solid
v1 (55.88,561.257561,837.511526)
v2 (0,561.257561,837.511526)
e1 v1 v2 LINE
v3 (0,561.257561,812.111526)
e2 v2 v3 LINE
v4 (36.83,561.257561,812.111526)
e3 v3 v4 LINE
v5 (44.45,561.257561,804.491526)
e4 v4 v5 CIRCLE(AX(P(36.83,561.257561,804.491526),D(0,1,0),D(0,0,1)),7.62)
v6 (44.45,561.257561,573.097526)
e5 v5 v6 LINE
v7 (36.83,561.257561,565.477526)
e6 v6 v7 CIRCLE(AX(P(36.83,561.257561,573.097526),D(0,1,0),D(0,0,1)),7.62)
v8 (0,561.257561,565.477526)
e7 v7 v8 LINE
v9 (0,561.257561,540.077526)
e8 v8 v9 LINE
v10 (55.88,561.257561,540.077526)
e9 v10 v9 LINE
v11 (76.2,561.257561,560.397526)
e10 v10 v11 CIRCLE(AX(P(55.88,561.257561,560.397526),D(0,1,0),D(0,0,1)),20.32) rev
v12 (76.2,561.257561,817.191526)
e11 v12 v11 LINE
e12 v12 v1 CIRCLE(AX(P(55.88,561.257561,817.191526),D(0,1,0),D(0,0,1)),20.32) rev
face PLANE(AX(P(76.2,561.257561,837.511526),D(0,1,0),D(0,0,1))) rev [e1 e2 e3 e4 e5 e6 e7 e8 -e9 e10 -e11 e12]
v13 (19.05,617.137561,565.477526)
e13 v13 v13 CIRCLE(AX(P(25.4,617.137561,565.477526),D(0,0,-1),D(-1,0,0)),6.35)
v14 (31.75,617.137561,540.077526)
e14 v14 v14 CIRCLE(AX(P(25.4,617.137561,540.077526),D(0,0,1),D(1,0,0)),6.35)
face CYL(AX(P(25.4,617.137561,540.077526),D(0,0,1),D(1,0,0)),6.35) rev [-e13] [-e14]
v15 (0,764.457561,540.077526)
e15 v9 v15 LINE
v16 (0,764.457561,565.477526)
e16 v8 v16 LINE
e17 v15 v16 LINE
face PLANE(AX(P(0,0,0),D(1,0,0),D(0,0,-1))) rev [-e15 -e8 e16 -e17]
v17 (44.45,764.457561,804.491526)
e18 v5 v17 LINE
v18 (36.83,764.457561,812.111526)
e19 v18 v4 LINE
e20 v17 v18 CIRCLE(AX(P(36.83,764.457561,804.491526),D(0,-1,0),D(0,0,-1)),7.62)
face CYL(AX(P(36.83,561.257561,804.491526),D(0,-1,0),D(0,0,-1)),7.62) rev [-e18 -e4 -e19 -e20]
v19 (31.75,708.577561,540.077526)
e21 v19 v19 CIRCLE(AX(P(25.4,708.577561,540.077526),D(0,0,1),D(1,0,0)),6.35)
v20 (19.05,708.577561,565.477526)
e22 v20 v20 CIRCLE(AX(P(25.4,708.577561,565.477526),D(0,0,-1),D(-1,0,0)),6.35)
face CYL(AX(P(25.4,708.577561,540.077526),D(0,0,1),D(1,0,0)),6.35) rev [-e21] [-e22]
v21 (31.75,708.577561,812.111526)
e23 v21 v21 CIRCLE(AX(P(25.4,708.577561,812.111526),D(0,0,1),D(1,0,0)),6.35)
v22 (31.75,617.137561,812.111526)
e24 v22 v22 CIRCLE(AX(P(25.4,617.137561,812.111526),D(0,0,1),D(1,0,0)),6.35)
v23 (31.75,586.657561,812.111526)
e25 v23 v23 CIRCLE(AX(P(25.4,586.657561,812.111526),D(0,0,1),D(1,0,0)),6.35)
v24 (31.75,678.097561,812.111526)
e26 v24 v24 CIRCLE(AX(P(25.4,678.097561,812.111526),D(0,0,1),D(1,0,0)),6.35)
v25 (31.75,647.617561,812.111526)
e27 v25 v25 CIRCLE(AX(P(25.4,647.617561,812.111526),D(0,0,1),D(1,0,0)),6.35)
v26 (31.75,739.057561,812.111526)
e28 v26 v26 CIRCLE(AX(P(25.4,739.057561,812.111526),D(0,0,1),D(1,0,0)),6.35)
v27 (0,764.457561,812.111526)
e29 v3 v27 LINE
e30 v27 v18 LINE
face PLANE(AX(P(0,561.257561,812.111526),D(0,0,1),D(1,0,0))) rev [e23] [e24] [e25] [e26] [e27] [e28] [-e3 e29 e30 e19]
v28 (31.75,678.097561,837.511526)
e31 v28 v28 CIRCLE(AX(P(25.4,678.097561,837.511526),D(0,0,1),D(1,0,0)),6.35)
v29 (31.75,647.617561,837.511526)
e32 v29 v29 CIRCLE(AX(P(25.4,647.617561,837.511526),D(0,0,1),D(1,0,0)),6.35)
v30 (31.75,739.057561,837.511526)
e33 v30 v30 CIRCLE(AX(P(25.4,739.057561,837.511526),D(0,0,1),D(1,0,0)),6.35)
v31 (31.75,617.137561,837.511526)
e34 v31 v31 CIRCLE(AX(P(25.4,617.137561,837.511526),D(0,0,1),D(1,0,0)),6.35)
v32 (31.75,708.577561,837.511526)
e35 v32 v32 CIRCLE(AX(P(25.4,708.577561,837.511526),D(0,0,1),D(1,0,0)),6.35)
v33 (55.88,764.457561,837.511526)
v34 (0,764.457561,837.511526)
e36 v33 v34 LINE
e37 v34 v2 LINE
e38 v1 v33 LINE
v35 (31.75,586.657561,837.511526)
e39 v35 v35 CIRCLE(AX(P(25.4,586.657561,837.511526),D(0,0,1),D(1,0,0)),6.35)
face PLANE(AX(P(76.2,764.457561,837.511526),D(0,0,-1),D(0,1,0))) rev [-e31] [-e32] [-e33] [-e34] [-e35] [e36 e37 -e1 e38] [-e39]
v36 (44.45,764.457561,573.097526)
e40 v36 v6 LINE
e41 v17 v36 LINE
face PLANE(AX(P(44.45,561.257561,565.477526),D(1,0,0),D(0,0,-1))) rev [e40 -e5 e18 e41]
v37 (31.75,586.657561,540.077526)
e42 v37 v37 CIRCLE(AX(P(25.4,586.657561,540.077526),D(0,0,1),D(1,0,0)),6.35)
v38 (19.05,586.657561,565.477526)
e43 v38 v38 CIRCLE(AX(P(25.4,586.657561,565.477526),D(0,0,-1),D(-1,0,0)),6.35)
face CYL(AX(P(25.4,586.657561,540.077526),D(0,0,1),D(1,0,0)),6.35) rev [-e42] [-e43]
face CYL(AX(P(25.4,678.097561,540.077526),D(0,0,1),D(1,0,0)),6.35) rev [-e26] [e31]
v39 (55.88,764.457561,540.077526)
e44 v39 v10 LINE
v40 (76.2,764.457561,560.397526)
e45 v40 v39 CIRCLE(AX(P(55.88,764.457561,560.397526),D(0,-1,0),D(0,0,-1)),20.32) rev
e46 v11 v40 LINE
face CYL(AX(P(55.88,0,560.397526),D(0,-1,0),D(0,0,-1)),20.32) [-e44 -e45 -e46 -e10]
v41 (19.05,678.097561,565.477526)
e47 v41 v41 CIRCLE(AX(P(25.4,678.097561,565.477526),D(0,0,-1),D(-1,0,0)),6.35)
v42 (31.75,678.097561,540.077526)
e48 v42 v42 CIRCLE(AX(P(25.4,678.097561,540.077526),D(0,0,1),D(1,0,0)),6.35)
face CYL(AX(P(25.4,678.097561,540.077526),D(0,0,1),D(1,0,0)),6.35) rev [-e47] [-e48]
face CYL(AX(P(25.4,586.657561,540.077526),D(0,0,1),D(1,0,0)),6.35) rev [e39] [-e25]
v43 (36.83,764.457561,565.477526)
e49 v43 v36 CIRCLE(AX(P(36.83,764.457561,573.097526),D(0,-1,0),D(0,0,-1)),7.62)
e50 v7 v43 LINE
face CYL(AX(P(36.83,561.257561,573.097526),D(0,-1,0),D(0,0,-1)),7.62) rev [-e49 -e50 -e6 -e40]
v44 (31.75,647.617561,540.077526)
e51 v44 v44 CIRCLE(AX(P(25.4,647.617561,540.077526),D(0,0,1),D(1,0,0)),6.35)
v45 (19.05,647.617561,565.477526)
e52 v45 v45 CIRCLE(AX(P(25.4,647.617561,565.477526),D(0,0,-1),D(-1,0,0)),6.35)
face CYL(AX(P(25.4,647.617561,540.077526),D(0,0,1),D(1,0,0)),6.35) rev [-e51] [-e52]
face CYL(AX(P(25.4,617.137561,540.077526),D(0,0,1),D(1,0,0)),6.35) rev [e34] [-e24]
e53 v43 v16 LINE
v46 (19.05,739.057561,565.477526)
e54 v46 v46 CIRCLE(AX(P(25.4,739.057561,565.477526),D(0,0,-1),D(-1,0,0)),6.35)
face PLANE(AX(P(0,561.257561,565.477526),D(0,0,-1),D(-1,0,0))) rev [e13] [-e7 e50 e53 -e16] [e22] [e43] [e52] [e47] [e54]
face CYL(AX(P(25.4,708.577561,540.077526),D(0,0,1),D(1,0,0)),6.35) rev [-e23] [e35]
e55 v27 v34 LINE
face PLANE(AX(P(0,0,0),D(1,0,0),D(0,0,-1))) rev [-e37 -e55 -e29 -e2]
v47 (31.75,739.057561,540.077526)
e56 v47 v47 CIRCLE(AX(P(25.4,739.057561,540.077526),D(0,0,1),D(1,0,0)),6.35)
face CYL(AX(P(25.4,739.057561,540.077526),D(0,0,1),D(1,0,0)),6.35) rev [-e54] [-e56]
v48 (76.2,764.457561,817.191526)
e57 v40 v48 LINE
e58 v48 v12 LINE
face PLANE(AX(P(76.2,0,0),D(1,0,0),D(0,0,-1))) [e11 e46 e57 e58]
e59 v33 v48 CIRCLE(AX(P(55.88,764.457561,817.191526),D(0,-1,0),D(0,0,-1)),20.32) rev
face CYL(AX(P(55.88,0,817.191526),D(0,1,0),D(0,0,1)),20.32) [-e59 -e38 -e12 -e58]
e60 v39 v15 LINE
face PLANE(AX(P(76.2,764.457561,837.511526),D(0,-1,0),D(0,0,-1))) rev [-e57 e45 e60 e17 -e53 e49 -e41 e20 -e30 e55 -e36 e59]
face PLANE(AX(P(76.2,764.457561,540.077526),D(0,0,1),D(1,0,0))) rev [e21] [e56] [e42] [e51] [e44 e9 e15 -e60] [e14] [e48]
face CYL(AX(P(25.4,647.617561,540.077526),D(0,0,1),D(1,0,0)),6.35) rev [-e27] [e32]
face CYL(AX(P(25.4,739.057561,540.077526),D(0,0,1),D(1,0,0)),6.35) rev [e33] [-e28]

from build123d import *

# Parameters (mm, degrees)
SKETCH1_W           = 297.434
SKETCH1_H           = 203.2
BOSS_EXTRUDE1_DEPTH = 76.2
SKETCH3_W           = 44.45
SKETCH3_H           = 246.634
CUT_EXTRUDE1_DEPTH  = 204.2
SKETCH4_R           = 6.35
CUT_EXTRUDE2_DEPTH  = 298.434
FILLET1_R           = 20.32
FILLET2_R           = 7.62


with BuildPart() as part:
    # Sketch1 → Boss-Extrude1 (new body)
    with BuildSketch(Plane(origin=(0, 0, 0), x_dir=(0, 0, -1), z_dir=(1, 0, 0))):
        with Locations((-688.794526316, 662.857561404)):
            Rectangle(SKETCH1_W, SKETCH1_H)
    extrude(amount=BOSS_EXTRUDE1_DEPTH)

    # Sketch3 → Cut-Extrude1 (cut, through all)
    with BuildSketch(Plane(origin=(0, 764.457561404, 0), x_dir=(1, 0, 0), z_dir=(0, 1, 0))):
        with Locations((22.225, -688.794526316)):
            Rectangle(SKETCH3_W, SKETCH3_H)
    extrude(amount=-CUT_EXTRUDE1_DEPTH, mode=Mode.SUBTRACT)

    # Sketch4 → Cut-Extrude2 (cut, through all)
    with BuildSketch(Plane.XY.offset(837.511526316)):
        with Locations((25.4, 739.057561404)):
            Circle(SKETCH4_R)
        with Locations((25.4, 708.577561404)):
            Circle(SKETCH4_R)
        with Locations((25.4, 678.097561404)):
            Circle(SKETCH4_R)
        with Locations((25.4, 647.617561404)):
            Circle(SKETCH4_R)
        with Locations((25.4, 617.137561404)):
            Circle(SKETCH4_R)
        with Locations((25.4, 586.657561404)):
            Circle(SKETCH4_R)
    extrude(amount=-CUT_EXTRUDE2_DEPTH, mode=Mode.SUBTRACT)

    # Fillet1
    fillet1_edges = [part.edges().sort_by_distance(p)[0] for p in [
        (76.2, 662.857561404, 540.077526316),
        (76.2, 662.857561404, 837.511526316),
    ]]
    fillet(fillet1_edges, radius=FILLET1_R)

    # Fillet2
    fillet2_edges = [part.edges().sort_by_distance(p)[0] for p in [
        (44.45, 662.857561404, 565.477526316),
        (44.45, 662.857561404, 812.111526316),
    ]]
    fillet(fillet2_edges, radius=FILLET2_R)


solid = part.part
